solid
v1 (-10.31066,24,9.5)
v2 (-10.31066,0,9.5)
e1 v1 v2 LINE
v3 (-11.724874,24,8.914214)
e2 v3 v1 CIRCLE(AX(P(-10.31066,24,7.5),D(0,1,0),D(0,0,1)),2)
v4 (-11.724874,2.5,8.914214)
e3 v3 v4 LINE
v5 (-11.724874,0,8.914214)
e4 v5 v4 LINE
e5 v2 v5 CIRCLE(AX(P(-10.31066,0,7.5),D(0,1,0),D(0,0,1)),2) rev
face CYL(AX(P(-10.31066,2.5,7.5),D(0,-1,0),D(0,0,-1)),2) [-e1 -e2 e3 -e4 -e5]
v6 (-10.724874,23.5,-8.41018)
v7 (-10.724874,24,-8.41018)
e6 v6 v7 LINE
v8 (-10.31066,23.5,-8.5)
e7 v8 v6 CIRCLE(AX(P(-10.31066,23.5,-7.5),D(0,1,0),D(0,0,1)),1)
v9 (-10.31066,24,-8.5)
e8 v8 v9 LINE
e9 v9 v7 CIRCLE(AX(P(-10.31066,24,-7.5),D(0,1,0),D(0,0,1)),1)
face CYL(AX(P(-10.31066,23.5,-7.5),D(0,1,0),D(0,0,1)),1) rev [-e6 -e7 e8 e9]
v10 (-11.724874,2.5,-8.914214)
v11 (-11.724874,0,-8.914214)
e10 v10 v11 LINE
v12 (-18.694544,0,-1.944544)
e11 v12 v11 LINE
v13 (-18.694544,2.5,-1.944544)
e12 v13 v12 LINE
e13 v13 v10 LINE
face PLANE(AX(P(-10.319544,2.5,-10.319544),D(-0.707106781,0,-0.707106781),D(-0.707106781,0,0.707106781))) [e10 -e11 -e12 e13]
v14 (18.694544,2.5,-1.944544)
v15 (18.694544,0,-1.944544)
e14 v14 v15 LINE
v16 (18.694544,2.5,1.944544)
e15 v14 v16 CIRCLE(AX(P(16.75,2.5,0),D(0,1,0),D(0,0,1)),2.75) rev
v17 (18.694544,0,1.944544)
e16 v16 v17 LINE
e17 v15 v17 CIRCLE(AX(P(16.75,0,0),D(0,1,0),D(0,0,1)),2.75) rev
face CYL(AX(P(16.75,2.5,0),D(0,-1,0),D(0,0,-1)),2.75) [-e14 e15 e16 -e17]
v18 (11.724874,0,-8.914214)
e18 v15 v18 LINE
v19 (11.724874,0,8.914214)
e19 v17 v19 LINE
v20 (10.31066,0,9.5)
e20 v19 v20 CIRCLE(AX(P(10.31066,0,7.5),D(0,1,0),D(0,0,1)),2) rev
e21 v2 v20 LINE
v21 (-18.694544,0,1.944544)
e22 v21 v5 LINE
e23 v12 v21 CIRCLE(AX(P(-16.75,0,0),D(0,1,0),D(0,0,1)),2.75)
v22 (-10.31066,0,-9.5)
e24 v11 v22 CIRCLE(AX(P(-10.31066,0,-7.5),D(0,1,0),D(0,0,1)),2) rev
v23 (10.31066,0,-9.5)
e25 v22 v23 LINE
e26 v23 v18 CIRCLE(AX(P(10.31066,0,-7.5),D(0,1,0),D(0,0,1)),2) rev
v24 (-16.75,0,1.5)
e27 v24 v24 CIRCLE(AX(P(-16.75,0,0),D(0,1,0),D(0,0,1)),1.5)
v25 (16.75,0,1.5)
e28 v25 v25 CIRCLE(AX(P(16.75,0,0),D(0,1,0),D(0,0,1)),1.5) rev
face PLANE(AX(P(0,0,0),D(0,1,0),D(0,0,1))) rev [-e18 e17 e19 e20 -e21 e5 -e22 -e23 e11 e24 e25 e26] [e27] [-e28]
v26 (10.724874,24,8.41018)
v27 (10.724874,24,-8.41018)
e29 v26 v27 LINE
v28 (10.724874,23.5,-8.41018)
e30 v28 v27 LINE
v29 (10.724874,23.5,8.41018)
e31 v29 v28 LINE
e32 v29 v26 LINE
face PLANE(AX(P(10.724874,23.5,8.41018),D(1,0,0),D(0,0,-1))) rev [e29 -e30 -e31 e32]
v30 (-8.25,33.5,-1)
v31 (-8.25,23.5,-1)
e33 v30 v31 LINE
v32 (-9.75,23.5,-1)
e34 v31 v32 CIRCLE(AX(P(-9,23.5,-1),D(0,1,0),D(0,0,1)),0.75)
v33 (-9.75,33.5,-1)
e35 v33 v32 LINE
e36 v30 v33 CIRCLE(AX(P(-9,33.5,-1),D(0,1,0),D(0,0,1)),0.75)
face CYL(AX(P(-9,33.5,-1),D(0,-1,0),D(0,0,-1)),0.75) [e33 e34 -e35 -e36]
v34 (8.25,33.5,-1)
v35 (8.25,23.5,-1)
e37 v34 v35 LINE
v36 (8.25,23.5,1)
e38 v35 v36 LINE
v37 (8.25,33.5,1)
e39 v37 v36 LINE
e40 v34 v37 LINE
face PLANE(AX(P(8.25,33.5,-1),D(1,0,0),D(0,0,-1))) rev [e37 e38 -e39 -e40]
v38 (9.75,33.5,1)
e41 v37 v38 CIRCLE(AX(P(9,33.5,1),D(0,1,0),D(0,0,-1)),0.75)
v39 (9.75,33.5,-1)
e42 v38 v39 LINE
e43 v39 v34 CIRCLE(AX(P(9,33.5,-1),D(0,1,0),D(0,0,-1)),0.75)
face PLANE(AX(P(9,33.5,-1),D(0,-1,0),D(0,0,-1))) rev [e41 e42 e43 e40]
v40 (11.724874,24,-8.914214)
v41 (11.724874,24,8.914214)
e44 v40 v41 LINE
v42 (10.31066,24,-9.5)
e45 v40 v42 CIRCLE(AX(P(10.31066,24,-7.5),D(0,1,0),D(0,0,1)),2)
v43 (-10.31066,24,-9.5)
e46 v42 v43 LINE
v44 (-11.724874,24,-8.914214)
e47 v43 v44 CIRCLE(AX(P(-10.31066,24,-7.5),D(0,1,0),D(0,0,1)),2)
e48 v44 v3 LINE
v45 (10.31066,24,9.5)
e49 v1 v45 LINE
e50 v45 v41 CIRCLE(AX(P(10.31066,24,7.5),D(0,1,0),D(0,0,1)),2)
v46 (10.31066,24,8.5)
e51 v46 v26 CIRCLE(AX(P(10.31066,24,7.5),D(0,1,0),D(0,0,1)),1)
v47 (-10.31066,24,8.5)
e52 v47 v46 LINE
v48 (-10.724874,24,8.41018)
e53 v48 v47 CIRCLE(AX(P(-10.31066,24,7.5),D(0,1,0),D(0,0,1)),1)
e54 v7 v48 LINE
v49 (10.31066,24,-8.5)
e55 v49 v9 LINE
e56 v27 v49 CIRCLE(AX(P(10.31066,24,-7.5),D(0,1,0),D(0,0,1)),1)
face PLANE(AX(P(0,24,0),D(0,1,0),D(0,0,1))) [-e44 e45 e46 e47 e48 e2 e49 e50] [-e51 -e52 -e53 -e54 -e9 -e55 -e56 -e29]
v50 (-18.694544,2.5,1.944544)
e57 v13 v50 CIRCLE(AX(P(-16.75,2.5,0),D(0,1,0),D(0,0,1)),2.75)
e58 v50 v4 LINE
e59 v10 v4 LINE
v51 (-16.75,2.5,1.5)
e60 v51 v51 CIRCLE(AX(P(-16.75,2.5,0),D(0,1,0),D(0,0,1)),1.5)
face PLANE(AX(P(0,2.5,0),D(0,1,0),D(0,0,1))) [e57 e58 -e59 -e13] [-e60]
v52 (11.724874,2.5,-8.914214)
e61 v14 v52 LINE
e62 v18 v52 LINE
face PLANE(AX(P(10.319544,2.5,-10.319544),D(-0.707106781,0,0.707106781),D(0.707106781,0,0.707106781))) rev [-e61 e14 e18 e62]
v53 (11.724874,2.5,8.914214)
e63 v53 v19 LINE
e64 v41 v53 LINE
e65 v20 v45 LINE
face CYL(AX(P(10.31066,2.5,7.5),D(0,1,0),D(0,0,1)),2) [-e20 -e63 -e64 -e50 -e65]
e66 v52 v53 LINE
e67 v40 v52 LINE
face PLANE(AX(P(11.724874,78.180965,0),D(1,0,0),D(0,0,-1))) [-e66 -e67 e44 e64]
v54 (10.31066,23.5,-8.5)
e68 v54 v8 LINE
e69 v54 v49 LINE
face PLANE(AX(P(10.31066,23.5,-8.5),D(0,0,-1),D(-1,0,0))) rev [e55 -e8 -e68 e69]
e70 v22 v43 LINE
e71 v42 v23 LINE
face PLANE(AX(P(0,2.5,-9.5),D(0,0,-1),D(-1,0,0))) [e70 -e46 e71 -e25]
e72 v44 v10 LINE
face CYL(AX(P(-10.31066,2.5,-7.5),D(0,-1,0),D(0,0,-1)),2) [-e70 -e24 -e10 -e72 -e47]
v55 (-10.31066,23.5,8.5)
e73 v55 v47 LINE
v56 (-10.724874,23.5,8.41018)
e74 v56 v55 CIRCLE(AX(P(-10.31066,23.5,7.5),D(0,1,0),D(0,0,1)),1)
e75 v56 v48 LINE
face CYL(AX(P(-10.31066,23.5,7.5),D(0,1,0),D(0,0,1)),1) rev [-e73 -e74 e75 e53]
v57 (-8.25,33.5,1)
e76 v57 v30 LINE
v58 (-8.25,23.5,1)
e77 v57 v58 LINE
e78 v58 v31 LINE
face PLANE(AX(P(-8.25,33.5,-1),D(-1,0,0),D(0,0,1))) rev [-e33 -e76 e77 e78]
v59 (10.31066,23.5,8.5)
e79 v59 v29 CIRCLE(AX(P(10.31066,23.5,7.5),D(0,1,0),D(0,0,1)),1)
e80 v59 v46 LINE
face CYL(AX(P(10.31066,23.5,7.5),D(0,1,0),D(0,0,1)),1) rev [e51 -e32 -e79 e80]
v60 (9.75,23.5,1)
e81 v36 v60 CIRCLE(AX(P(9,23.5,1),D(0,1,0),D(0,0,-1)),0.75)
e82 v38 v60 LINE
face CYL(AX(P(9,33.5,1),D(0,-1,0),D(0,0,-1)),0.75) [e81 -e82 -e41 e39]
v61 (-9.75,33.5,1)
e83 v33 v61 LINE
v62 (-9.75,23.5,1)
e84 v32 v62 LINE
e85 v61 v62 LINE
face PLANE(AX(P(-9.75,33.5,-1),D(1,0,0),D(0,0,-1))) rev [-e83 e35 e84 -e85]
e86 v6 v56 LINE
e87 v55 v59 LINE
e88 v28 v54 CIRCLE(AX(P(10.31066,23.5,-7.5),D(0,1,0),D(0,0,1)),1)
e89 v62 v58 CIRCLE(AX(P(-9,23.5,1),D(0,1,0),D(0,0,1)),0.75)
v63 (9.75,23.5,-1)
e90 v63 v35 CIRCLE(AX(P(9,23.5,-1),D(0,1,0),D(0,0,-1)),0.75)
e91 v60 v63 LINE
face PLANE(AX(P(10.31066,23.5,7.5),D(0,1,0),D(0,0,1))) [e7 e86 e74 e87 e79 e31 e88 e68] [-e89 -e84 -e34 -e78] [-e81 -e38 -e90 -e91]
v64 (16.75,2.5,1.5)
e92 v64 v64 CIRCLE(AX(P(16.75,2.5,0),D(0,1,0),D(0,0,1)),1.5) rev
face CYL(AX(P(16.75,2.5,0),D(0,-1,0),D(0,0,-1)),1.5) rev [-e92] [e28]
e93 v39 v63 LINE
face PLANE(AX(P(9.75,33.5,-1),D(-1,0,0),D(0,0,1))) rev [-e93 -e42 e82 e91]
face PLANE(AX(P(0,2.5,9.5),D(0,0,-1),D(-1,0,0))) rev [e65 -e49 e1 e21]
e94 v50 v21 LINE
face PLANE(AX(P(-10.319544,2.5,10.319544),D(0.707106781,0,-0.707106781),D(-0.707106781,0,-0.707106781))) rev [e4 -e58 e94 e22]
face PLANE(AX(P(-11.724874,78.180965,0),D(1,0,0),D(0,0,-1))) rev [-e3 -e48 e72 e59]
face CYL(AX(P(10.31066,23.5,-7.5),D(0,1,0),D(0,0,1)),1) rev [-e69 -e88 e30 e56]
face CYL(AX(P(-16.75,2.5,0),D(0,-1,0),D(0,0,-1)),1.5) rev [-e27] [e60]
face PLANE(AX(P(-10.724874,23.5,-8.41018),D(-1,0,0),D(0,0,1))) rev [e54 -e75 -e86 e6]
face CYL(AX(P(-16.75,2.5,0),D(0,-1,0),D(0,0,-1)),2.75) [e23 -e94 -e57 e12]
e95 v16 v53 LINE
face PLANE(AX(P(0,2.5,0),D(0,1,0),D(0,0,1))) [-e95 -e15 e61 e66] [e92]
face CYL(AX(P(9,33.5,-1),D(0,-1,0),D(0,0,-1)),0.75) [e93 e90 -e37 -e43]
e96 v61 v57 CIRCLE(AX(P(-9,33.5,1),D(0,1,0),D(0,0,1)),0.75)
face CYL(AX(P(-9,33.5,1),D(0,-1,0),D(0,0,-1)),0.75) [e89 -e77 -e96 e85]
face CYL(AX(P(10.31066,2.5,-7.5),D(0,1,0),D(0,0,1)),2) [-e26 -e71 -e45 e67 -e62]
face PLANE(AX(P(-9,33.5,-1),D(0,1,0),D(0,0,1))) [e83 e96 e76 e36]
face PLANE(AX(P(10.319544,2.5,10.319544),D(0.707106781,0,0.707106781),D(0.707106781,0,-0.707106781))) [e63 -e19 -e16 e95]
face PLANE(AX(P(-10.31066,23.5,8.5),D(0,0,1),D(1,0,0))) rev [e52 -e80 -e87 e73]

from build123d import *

# Parameters (mm, degrees)
SKETCH1_R           = 2.75
SKETCH1_R_2         = 1.5
BOSS_EXTRUDE1_DEPTH = 2.5
FILLET1_R           = 2
BOSS_EXTRUDE2_START = 21.5
BOSS_EXTRUDE2_DEPTH = 21.5
CUT_EXTRUDE1_DEPTH  = 0.5
BOSS_EXTRUDE3_DEPTH = 10


with BuildPart() as part:
    # Sketch1 → Boss-Extrude1 (new body)
    # profile 1 of 3: a face of its own
    with BuildSketch(Plane(origin=(0, 0, 0), x_dir=(1, 0, 0), z_dir=(0, 1, 0))):
        with BuildLine():
            Line((11.139087297, 9.5), (-11.139087297, 9.5))
            Line((-11.139087297, 9.5), (-18.694543648, 1.944543648))
            ThreePointArc((-18.694543648, 1.944543648), (-15.697620561, 2.540668714), (-14, 0))
            ThreePointArc((-14, 0), (-15.697620561, -2.540668714), (-18.694543648, -1.944543648))
            Line((-18.694543648, -1.944543648), (-11.139087297, -9.5))
            Line((-11.139087297, -9.5), (11.139087297, -9.5))
            Line((11.139087297, -9.5), (18.694543648, -1.944543648))
            ThreePointArc((18.694543648, -1.944543648), (14, 0), (18.694543648, 1.944543648))
            Line((18.694543648, 1.944543648), (11.139087297, 9.5))
        make_face()
    # profile 2 of 3: a face of its own
    with BuildSketch(Plane(origin=(0, 0, 0), x_dir=(1, 0, 0), z_dir=(0, 1, 0))):
        with Locations((-16.75, 0)):
            Circle(SKETCH1_R)
        with Locations(Location((-16.75, 0, 0), (0, 0, 270))):
            Circle(SKETCH1_R_2, mode=Mode.SUBTRACT)
    # profile 3 of 3: a face of its own
    with BuildSketch(Plane(origin=(0, 0, 0), x_dir=(1, 0, 0), z_dir=(0, 1, 0))):
        with Locations((16.75, 0)):
            Circle(SKETCH1_R)
        with Locations(Location((16.75, 0, 0), (0, 0, 270))):
            Circle(SKETCH1_R_2, mode=Mode.SUBTRACT)
    extrude(amount=BOSS_EXTRUDE1_DEPTH)

    # Fillet1
    fillet1_edges = [part.edges().sort_by_distance(p)[0] for p in [
        (11.139087297, 1.25, 9.5),
        (-11.139087297, 1.25, 9.5),
        (-11.139087297, 1.25, -9.5),
        (11.139087297, 1.25, -9.5),
    ]]
    fillet(fillet1_edges, radius=FILLET1_R)

    # Sketch3 → Boss-Extrude2 (add)
    with BuildSketch(Plane(origin=(0, 2.5, 0), x_dir=(1, 0, 0), z_dir=(0, 1, 0)).offset(BOSS_EXTRUDE2_START)):
        with BuildLine():
            Line((10.310660172, 9.5), (-10.310660172, 9.5))
            ThreePointArc((-10.310660172, 9.5), (-11.076027037, 9.347759065), (-11.724873734, 8.914213562))
            Line((-11.724873734, 8.914213562), (-11.724873734, -8.914213562))
            ThreePointArc((-11.724873734, -8.914213562), (-11.076027037, -9.347759065), (-10.310660172, -9.5))
            Line((-10.310660172, -9.5), (10.310660172, -9.5))
            ThreePointArc((10.310660172, -9.5), (11.076027037, -9.347759065), (11.724873734, -8.914213562))
            Line((11.724873734, -8.914213562), (11.724873734, 8.914213562))
            ThreePointArc((11.724873734, 8.914213562), (11.076027037, 9.347759065), (10.310660172, 9.5))
        make_face()
    extrude(amount=-BOSS_EXTRUDE2_DEPTH)

    # Sketch4 → Cut-Extrude1 (cut)
    with BuildSketch(Plane(origin=(0, 24, 0), x_dir=(1, 0, 0), z_dir=(0, 1, 0))):
        with BuildLine():
            Line((10.724873734, -8.410179721), (10.724873734, 8.410179721))
            ThreePointArc((10.724873734, 8.410179721), (10.522580297, 8.47728699), (10.310660172, 8.5))
            Line((10.310660172, 8.5), (-10.310660172, 8.5))
            ThreePointArc((-10.310660172, 8.5), (-10.522580297, 8.47728699), (-10.724873734, 8.410179721))
            Line((-10.724873734, 8.410179721), (-10.724873734, -8.410179721))
            ThreePointArc((-10.724873734, -8.410179721), (-10.522580297, -8.47728699), (-10.310660172, -8.5))
            Line((-10.310660172, -8.5), (10.310660172, -8.5))
            ThreePointArc((10.310660172, -8.5), (10.522580297, -8.47728699), (10.724873734, -8.410179721))
        make_face()
    extrude(amount=-CUT_EXTRUDE1_DEPTH, mode=Mode.SUBTRACT)

    # Sketch5 → Boss-Extrude3 (add)
    with BuildSketch(Plane(origin=(0, 23.5, 0), x_dir=(1, 0, 0), z_dir=(0, 1, 0))):
        with BuildLine():
            Line((-8.25, 1), (-8.25, -1))
            ThreePointArc((-8.25, -1), (-9, -1.75), (-9.75, -1))
            Line((-9.75, -1), (-9.75, 1))
            ThreePointArc((-9.75, 1), (-9, 1.75), (-8.25, 1))
        make_face()
        with BuildLine():
            Line((8.25, 1), (8.25, -1))
            ThreePointArc((8.25, -1), (9, -1.75), (9.75, -1))
            Line((9.75, -1), (9.75, 1))
            ThreePointArc((9.75, 1), (9, 1.75), (8.25, 1))
        make_face()
    extrude(amount=BOSS_EXTRUDE3_DEPTH)


solid = part.part
